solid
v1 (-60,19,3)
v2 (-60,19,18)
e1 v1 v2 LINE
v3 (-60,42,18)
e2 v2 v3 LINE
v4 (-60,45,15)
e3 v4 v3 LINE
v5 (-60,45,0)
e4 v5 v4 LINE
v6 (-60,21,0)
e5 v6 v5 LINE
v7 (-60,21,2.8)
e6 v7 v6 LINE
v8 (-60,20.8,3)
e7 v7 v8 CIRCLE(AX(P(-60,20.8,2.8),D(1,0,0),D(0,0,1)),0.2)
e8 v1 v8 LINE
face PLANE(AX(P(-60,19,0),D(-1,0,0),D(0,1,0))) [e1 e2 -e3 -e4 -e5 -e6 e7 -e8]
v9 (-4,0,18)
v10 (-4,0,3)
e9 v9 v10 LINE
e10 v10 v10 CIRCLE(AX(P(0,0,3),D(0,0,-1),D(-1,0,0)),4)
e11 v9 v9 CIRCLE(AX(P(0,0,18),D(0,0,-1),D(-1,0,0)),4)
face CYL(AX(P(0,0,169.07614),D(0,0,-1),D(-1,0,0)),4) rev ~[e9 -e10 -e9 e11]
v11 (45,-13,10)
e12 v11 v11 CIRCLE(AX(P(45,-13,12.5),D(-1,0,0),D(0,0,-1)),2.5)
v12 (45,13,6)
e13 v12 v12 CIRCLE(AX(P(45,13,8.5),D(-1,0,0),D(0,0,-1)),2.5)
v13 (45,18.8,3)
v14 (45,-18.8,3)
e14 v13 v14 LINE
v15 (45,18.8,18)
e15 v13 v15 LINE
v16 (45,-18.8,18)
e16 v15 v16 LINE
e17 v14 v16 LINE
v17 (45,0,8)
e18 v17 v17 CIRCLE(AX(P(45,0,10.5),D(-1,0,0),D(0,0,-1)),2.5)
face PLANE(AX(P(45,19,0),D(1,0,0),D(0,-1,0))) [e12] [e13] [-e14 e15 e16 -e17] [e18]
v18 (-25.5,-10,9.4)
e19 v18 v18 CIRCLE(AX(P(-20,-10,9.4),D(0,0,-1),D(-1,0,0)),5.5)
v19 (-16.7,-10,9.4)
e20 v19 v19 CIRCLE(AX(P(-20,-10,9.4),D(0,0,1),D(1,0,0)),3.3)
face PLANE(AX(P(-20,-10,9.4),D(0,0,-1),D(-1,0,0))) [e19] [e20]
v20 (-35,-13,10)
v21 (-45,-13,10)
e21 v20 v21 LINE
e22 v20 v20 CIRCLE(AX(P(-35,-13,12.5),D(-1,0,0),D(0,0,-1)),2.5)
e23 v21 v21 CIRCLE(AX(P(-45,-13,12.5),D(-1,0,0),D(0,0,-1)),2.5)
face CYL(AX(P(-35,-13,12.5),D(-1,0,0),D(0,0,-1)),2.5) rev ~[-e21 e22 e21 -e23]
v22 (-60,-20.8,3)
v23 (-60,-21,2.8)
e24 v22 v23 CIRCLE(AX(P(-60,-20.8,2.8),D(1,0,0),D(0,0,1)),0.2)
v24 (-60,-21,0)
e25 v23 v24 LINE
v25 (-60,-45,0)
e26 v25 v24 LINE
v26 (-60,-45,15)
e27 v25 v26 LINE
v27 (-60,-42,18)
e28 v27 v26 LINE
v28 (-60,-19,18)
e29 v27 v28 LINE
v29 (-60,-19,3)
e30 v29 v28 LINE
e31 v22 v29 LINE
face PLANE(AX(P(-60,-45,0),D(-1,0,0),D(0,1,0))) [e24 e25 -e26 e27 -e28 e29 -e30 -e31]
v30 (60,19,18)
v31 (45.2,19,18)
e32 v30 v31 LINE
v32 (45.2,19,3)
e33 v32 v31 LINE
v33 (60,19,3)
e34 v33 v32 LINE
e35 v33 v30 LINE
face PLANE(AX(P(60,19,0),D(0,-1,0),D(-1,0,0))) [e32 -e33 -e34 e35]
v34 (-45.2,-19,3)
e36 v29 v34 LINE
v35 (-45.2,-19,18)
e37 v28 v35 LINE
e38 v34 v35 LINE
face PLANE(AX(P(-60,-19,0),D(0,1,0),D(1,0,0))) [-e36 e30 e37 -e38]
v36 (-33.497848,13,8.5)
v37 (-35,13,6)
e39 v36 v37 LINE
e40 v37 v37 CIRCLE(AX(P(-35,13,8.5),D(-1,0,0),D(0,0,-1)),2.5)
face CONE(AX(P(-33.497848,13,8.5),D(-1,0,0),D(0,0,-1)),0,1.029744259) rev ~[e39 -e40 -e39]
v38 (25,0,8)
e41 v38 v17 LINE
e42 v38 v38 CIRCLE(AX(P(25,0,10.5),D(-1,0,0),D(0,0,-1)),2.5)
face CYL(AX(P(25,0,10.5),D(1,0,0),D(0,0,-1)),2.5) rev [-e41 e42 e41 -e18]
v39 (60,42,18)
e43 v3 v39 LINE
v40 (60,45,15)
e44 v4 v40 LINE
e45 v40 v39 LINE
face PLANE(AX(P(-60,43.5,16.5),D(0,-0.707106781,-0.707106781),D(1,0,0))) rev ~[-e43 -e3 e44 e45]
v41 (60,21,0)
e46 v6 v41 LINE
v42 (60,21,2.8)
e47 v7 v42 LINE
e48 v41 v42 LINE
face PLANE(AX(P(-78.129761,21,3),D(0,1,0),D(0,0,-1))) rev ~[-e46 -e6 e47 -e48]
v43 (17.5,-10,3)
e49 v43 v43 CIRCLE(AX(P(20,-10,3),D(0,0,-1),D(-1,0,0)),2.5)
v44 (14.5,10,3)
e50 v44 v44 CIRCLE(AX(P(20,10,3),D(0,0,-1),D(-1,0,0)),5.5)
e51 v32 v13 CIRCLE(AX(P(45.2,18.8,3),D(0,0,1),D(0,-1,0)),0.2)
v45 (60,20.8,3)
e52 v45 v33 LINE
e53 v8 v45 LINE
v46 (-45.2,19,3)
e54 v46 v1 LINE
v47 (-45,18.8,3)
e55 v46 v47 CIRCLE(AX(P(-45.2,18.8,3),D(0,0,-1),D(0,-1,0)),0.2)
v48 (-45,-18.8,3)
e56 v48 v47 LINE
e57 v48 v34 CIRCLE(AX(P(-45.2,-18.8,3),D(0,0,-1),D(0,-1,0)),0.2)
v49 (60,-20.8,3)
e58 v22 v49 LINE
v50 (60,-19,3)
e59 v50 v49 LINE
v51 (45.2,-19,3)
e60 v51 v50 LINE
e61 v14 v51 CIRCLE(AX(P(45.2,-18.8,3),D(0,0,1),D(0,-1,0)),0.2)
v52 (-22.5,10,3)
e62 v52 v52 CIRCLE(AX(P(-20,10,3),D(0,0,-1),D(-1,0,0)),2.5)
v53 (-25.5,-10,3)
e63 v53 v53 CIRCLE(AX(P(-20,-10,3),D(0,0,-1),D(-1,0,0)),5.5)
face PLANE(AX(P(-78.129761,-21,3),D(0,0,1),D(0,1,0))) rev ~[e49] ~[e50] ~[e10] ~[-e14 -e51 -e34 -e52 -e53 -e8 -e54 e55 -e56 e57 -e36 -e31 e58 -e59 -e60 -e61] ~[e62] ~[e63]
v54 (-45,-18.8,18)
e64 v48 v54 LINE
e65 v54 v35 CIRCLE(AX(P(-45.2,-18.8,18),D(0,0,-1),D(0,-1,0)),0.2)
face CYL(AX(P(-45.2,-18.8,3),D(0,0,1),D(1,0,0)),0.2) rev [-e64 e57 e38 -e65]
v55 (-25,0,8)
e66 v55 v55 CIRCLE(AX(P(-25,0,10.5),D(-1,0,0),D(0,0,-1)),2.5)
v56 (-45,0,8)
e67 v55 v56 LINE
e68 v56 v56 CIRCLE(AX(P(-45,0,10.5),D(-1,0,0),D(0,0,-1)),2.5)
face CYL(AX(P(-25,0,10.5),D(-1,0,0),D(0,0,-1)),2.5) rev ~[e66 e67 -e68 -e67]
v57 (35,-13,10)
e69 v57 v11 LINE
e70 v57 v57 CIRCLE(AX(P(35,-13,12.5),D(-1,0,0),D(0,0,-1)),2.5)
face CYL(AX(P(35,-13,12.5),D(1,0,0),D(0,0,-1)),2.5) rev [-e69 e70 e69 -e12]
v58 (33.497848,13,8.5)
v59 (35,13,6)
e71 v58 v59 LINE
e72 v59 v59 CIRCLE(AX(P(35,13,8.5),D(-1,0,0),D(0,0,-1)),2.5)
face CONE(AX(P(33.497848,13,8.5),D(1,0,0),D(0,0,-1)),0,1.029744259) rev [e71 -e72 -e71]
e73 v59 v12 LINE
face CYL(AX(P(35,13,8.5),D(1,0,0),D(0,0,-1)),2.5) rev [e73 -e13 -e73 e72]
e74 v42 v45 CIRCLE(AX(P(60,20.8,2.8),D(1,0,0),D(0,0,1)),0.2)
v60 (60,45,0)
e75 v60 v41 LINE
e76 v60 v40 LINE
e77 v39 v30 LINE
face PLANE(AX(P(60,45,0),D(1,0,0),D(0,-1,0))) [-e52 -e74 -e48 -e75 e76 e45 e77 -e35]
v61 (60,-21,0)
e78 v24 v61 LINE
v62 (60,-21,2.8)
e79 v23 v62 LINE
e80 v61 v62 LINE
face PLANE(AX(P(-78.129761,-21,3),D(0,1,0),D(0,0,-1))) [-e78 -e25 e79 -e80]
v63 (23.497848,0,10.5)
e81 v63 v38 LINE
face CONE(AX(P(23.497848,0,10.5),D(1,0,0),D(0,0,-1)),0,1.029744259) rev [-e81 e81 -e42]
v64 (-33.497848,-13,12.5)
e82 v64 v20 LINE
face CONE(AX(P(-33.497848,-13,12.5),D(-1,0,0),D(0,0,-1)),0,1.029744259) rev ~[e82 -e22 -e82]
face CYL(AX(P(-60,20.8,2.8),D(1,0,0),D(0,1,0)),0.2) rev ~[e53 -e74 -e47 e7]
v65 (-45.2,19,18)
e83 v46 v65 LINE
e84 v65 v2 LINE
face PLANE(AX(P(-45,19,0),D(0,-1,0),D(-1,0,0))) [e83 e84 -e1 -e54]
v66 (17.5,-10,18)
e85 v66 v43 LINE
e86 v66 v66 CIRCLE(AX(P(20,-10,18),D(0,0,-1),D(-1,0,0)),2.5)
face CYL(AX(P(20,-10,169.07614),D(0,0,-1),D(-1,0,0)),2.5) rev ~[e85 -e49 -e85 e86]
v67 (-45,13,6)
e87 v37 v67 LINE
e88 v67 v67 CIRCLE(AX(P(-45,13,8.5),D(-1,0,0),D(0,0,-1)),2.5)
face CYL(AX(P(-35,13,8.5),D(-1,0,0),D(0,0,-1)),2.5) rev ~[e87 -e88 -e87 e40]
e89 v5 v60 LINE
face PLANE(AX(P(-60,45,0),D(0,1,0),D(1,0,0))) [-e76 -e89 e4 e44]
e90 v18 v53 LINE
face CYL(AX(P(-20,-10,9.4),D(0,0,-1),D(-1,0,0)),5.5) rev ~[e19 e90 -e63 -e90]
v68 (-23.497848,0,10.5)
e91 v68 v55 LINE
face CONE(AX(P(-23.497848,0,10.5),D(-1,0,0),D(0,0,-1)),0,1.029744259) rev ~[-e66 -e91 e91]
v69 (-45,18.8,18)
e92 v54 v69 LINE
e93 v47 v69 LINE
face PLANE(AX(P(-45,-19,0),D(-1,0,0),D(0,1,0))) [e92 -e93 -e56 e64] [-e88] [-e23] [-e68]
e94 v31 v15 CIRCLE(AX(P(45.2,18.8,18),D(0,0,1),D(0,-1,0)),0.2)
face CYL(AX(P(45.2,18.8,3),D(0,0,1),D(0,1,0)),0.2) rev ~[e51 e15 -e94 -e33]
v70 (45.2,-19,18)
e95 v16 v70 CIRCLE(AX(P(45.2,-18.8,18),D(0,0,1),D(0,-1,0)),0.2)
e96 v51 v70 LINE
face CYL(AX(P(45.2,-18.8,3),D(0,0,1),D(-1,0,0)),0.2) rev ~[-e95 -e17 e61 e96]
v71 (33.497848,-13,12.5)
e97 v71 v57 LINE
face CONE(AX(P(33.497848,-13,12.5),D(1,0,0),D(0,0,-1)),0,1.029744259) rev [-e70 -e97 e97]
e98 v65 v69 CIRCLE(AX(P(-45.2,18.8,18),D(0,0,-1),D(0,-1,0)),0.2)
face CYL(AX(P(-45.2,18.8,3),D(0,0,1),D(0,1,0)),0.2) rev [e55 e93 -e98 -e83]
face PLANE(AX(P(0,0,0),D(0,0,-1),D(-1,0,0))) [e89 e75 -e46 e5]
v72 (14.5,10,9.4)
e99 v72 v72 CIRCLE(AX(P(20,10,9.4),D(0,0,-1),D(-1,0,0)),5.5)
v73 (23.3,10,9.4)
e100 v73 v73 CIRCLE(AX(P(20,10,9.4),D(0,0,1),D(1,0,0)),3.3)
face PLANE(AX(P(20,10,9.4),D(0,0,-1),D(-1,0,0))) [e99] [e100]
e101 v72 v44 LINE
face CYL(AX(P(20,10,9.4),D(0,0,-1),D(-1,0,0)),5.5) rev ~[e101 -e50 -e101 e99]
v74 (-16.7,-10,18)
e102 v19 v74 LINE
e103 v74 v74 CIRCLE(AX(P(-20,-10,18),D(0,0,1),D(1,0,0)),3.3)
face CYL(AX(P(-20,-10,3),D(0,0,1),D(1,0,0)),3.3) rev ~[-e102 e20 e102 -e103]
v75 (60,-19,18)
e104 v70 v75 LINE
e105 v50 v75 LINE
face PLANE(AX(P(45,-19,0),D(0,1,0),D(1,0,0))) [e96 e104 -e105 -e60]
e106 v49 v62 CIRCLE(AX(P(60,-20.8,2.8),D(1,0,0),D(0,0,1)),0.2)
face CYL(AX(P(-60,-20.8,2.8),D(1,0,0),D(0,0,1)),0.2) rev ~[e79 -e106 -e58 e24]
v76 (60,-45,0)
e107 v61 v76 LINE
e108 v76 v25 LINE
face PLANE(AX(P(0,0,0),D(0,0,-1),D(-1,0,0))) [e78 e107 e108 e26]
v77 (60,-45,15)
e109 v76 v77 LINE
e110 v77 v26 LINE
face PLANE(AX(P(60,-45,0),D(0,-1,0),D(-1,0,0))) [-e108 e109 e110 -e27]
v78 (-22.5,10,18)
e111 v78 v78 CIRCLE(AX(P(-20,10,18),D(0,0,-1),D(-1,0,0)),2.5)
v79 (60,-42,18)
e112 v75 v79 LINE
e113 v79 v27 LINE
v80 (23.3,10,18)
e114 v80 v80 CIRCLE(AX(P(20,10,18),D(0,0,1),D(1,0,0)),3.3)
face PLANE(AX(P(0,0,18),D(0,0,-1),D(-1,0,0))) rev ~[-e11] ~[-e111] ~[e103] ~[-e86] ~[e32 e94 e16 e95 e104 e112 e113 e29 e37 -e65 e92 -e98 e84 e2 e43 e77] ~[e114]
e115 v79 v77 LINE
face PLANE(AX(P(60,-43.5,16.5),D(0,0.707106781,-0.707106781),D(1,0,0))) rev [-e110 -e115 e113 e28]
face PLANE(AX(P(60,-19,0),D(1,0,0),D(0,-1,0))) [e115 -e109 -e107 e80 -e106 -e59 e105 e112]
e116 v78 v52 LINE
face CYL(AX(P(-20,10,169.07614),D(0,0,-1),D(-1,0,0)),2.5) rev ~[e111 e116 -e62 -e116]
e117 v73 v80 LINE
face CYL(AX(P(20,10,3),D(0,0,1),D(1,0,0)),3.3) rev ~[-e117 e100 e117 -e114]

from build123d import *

# Parameters (mm, degrees)
ESTRUSIONE_ESTRUSIONE1_DEPTH                         = 18
TAGLIO_ESTRUSIONE1_DEPTH                             = 78.129760793
TAGLIO_ESTRUSIONE1_DEPTH_BACK                        = 78.129760793
SCHIZZO2_W                                           = 3
SCHIZZO2_H                                           = 42
FORO_8_0_8_1_D                                       = 8
FORO_5_0_5_2_D                                       = 5
FORO_LAMATO_PER_VITE_M6_A_TESTA_CILINDRI_D           = 6.6
FORO_LAMATO_PER_VITE_M6_A_TESTA_CILINDRI_CBORE_D     = 11
FORO_LAMATO_PER_VITE_M6_A_TESTA_CILINDRI_CBORE_DEPTH = 6.4
FORO_5_0_5_3_AT_2_COUNT                              = 2
FORO_5_0_5_3_AT_2_PITCH                              = 26.305892876
SMUSSO1_SIZE                                         = 3
RACCORDO1_R                                          = 0.2


with BuildPart() as part:
    # Schizzo1 → Estrusione-Estrusione1 (new body)
    with BuildSketch(Plane.XY):
        Polygon((-60, 45), (60, 45), (60, 19), (45, 19), (45, -19), (60, -19), (60, -45), (-60, -45), (-60, -19), (-45, -19), (-45, 19), (-60, 19), align=None)
    extrude(amount=ESTRUSIONE_ESTRUSIONE1_DEPTH)

    # Schizzo2 → Taglio-Estrusione1 (cut, two sides: drawn at the far end of the back side and taken through both)
    with BuildSketch(Plane(origin=(0, 0, 0), x_dir=(0, 0, -1), z_dir=(1, 0, 0)).offset(-TAGLIO_ESTRUSIONE1_DEPTH_BACK)):
        with Locations((-1.5, 0)):
            Rectangle(SCHIZZO2_W, SCHIZZO2_H)
    extrude(amount=TAGLIO_ESTRUSIONE1_DEPTH + TAGLIO_ESTRUSIONE1_DEPTH_BACK, mode=Mode.SUBTRACT)

    # Schizzo4 → Foro filettato M6-1 (revolve, cut)
    with BuildSketch(Plane(origin=(45, 0, 10.5), x_dir=(0, 0, -1), z_dir=(0, 1, 0))):
        Polygon((0, 0), (0, 21.502151548), (2.5, 20), (2.5, 0), align=None)
    foro_filettato_m6_1 = revolve(axis=Axis((51.35, 0, 10.5), (-1, 0, 0)), mode=Mode.SUBTRACT)

    # Foro Ø8.0 (8)-1 (through all)
    with Locations(Plane.XY.offset(18)):
        with Locations((0, 0)):
            Hole(FORO_8_0_8_1_D / 2)

    # Foro Ø5.0 (5)-2 (through all)
    with Locations(Plane.XY.offset(18)):
        with Locations((20, -10), (-20, 10)):
            Hole(FORO_5_0_5_2_D / 2)

    # Foro lamato per Vite M6 a testa cilindrica-1 (through all)
    with Locations(Plane(origin=(0, 0, 3), x_dir=(-1, 0, 0), z_dir=(0, 0, -1))):
        with Locations((-20, 10), (20, -10)):
            CounterBoreHole(FORO_LAMATO_PER_VITE_M6_A_TESTA_CILINDRI_D / 2, FORO_LAMATO_PER_VITE_M6_A_TESTA_CILINDRI_CBORE_D / 2, FORO_LAMATO_PER_VITE_M6_A_TESTA_CILINDRI_CBORE_DEPTH)

    # Schizzo14 → Foro Ø5.0 (5)-3 (revolve, cut)
    with BuildSketch(Plane(origin=(45, -13, 12.5), x_dir=(0, 0, -1), z_dir=(0, 1, 0))):
        Polygon((0, 0), (0, 11.502151548), (2.5, 10), (2.5, 0), align=None)
    foro_5_0_5_3 = revolve(axis=Axis((51.35, -13, 12.5), (-1, 0, 0)), mode=Mode.SUBTRACT)

    # Foro Ø5.0 (5)-3 at 2: Foro Ø5.0 (5)-3 ×2
    with Locations(*[Vector(0, 0.9883716976506173, -0.15205718425394077) * (i * FORO_5_0_5_3_AT_2_PITCH) for i in range(1, FORO_5_0_5_3_AT_2_COUNT)]):
        add(foro_5_0_5_3, mode=Mode.SUBTRACT)

    # Smusso1
    smusso1_edges = [part.edges().sort_by_distance(p)[0] for p in [
        (0, 45, 18),
        (0, -45, 18),
    ]]
    chamfer(smusso1_edges, length=SMUSSO1_SIZE)

    # Raccordo1
    raccordo1_edges = [part.edges().sort_by_distance(p)[0] for p in [
        (45, -19, 10.5),
        (45, 19, 10.5),
        (-45, 19, 10.5),
        (-45, -19, 10.5),
        (0, -21, 3),
        (0, 21, 3),
    ]]
    fillet(raccordo1_edges, radius=RACCORDO1_R)

    # Specchia1: Foro filettato M6-1, Foro Ø5.0 (5)-3 across plane
    add(foro_filettato_m6_1.mirror(Plane(origin=(0, 0, 0), x_dir=(0, 0, 1), z_dir=(1, 0, 0))), mode=Mode.SUBTRACT)
    add(foro_5_0_5_3.mirror(Plane(origin=(0, 0, 0), x_dir=(0, 0, 1), z_dir=(1, 0, 0))), mode=Mode.SUBTRACT)

    # Specchia1 copy 1 sketch → Specchia1 copy 1 (revolve, cut)
    with BuildSketch(Plane(origin=(-45, 13, 8.5), x_dir=(0, 0, -1), z_dir=(0, 1, 0))):
        Polygon((0, 0), (0, -11.502151548), (2.5, -10), (2.5, 0), align=None)
    revolve(axis=Axis((-51.35, 13, 8.5), (-1, 0, 0)), mode=Mode.SUBTRACT)


solid = part.part
